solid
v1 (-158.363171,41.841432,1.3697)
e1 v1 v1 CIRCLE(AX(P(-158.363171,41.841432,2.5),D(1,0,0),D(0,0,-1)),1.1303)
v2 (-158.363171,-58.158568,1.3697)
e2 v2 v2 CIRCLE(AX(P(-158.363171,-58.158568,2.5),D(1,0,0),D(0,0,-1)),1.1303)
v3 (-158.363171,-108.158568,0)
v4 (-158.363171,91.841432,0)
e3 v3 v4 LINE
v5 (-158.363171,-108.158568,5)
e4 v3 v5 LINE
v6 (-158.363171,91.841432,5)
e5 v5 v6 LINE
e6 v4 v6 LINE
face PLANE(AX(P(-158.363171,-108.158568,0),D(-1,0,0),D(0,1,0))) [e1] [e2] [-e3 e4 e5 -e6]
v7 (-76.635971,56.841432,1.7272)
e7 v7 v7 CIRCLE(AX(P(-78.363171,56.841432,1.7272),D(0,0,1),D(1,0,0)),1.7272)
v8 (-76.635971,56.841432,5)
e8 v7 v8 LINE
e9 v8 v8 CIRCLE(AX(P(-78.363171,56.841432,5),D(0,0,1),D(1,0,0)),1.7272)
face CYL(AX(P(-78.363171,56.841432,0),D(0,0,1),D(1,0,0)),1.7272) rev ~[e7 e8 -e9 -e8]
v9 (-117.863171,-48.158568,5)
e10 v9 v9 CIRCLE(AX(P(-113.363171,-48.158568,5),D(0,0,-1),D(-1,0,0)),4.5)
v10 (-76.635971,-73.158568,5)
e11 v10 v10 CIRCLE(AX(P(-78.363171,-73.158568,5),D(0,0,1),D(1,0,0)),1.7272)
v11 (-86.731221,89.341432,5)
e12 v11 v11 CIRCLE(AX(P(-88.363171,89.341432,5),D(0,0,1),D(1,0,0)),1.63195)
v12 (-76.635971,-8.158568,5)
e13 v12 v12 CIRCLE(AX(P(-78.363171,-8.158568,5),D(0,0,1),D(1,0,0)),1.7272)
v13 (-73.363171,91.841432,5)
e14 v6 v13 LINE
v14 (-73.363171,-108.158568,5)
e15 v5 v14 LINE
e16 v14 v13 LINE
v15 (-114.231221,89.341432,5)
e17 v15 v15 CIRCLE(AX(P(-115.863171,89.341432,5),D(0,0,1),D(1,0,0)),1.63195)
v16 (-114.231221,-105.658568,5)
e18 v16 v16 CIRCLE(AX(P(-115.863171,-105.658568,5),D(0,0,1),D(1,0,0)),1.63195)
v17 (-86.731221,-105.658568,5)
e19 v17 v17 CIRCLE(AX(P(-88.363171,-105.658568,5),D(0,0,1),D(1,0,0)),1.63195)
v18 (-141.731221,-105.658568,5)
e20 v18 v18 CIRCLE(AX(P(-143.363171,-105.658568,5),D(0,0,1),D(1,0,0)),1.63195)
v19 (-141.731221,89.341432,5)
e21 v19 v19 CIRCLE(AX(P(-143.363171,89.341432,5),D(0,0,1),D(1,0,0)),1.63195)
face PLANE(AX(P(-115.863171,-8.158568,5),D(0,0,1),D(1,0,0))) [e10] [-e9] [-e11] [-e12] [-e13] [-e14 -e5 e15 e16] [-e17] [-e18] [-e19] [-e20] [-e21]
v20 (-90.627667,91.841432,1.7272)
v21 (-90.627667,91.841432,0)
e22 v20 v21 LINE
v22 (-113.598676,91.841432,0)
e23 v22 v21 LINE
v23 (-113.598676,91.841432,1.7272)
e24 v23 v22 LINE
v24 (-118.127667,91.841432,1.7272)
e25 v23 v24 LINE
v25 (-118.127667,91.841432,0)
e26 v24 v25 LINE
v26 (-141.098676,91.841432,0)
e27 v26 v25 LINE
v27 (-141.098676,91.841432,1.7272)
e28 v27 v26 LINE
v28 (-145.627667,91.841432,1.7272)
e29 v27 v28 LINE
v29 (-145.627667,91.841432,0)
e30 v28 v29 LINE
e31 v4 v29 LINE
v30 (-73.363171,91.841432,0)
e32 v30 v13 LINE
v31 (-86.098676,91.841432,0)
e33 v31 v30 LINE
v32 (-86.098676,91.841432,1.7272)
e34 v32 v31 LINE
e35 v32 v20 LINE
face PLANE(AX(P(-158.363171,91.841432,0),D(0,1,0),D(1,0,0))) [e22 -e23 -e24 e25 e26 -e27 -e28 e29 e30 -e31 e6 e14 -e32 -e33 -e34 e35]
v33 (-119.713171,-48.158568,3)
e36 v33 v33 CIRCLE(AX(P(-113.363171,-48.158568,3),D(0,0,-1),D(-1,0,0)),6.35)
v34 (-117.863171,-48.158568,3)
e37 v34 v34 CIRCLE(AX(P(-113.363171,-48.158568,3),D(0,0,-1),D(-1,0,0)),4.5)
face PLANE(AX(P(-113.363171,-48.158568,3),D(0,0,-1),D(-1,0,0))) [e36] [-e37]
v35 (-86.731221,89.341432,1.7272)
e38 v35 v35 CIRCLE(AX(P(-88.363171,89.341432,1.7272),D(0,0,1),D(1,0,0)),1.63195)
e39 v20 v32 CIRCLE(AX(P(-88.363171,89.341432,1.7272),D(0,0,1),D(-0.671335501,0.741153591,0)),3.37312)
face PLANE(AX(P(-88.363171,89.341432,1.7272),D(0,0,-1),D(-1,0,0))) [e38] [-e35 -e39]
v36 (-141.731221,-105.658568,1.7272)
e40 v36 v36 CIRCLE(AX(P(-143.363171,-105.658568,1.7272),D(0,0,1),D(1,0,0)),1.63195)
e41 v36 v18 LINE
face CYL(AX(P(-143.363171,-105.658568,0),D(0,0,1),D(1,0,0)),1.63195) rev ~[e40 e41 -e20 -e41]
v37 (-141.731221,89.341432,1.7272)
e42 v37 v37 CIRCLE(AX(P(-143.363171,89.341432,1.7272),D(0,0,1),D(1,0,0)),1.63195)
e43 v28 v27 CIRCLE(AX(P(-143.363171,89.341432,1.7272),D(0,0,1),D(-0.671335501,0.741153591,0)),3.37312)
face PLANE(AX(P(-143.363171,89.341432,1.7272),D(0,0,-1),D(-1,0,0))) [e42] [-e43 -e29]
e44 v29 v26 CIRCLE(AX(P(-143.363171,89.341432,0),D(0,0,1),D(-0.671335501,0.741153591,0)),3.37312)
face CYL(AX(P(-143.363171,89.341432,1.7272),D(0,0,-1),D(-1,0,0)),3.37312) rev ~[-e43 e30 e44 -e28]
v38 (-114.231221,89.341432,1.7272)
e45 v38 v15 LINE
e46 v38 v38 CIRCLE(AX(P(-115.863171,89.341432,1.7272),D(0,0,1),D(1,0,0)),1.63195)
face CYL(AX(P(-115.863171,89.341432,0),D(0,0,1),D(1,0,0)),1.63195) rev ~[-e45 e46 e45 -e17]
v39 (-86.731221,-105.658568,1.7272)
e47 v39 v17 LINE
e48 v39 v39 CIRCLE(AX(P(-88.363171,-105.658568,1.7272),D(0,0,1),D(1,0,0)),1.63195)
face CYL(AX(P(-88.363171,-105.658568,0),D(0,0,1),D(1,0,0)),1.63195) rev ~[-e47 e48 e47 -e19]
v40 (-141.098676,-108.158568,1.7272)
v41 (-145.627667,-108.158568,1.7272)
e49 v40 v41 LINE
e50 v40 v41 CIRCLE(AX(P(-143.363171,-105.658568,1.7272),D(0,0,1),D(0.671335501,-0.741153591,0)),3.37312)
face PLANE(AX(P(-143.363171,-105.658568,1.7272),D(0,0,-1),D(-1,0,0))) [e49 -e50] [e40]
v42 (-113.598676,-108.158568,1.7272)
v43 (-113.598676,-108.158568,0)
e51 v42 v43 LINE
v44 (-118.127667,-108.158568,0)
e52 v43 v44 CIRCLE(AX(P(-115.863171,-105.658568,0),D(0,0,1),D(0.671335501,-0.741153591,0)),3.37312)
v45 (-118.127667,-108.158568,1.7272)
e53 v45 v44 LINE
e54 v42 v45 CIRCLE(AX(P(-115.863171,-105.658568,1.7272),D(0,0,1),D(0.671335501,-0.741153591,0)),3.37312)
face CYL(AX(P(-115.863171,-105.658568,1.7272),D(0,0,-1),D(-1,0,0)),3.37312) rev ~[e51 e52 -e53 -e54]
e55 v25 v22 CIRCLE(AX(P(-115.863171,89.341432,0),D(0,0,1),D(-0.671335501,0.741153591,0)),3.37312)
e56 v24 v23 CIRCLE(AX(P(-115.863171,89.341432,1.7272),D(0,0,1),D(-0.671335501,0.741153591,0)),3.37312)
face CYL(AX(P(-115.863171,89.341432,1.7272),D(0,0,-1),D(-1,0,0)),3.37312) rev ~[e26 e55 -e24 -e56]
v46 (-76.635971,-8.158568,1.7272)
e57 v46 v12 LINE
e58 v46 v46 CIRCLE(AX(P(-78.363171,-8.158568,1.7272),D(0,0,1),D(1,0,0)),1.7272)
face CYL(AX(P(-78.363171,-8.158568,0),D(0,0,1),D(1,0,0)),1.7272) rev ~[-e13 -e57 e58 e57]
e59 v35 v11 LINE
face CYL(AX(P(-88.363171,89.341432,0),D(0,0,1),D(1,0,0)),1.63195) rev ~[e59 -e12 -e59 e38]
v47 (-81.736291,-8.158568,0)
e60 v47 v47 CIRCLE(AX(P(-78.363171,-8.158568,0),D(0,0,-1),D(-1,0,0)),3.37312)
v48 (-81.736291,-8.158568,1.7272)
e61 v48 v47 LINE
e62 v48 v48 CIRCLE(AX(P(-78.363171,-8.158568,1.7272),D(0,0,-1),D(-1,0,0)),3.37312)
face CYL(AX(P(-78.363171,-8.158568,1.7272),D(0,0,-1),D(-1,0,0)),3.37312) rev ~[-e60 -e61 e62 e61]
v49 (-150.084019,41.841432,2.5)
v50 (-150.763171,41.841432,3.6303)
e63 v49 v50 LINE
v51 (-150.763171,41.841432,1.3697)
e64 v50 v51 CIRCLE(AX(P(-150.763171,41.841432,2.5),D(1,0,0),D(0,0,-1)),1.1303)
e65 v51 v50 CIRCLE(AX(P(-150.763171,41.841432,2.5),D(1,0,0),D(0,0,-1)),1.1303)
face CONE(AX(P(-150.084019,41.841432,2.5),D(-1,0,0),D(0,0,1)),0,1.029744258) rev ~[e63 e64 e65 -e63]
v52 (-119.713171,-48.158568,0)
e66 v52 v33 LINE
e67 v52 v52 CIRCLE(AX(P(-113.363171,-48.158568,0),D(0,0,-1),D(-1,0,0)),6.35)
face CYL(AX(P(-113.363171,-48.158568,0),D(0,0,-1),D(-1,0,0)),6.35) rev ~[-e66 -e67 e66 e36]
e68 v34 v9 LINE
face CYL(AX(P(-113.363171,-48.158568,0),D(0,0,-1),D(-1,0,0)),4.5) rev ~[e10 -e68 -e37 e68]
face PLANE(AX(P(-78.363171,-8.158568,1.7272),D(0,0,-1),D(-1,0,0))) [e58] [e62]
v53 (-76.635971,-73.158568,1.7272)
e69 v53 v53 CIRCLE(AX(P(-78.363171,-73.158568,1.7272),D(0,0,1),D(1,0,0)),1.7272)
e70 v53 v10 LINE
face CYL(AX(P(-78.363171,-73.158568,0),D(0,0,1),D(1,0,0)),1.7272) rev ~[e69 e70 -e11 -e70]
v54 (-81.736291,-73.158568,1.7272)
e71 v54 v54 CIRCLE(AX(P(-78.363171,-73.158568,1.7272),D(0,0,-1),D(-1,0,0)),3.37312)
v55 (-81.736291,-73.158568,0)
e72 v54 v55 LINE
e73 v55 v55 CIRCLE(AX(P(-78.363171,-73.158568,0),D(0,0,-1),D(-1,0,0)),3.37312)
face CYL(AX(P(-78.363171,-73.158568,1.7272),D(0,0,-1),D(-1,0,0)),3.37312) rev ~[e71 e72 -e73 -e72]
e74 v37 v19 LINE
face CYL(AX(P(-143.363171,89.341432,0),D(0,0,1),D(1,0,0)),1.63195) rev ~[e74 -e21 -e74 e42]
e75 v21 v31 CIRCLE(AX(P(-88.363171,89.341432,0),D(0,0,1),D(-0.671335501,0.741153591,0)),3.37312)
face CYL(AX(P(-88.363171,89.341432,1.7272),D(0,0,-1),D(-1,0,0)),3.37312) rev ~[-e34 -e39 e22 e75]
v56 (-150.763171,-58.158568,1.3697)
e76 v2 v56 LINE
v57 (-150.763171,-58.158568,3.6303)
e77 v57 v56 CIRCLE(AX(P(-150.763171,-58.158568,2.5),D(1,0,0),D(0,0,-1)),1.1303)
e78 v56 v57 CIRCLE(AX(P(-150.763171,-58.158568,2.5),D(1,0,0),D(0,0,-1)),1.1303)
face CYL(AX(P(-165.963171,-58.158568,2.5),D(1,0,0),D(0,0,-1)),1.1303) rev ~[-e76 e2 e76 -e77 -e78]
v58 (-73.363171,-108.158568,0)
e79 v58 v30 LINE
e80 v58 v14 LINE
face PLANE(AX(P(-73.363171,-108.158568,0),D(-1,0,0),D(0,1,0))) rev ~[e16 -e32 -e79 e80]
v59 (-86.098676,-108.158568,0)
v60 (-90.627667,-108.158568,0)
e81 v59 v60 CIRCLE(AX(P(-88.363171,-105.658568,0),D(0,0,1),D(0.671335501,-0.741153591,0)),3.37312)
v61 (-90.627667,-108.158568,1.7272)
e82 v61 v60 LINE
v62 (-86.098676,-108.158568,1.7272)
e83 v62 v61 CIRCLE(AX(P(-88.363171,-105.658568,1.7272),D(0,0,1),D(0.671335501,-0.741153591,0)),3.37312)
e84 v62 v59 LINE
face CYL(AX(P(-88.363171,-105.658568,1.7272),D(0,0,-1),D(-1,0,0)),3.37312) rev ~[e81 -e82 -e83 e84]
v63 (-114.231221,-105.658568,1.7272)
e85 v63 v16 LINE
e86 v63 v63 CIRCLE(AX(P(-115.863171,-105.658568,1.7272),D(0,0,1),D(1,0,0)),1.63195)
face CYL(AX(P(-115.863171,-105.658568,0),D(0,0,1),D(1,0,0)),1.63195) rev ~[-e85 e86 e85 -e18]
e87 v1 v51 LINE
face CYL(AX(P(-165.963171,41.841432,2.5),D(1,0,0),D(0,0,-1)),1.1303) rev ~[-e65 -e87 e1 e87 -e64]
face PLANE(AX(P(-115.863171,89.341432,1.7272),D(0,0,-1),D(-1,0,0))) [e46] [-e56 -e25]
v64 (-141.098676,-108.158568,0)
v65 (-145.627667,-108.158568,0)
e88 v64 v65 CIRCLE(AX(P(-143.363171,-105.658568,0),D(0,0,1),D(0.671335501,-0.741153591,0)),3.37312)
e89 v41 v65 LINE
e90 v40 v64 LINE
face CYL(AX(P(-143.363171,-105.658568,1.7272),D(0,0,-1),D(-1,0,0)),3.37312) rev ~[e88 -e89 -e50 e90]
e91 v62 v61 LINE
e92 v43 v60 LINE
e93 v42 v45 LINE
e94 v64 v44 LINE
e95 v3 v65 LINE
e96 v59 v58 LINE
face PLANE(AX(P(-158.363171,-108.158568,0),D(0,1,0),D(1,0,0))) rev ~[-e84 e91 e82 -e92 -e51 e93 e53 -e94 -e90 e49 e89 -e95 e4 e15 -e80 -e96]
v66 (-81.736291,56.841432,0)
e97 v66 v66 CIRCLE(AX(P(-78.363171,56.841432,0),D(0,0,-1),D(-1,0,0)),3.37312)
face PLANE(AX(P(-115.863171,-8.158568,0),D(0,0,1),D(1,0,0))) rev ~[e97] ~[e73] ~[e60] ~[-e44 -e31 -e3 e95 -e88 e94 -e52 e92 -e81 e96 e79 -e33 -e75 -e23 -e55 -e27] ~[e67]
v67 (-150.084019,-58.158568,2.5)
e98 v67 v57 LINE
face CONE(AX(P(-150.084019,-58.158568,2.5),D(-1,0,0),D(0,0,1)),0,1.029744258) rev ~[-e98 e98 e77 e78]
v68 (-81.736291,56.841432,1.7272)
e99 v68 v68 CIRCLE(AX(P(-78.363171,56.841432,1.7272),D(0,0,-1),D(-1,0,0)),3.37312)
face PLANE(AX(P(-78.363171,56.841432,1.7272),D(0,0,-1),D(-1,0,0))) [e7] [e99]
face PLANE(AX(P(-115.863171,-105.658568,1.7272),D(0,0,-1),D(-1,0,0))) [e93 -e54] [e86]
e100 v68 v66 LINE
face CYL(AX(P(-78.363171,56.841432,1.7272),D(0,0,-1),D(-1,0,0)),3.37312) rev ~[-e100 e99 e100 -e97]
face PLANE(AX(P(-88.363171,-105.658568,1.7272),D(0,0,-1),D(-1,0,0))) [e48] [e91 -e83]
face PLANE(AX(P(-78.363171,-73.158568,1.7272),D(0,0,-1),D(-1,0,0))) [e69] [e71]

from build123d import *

# Parameters (mm, degrees)
SKETCH1_W                                           = 85
SKETCH1_H                                           = 200
BOSS_EXTRUDE1_DEPTH                                 = 5
CBORE_FOR_4_BINDING_HEAD_MACHINE_SCREW1_D           = 3.4544
CBORE_FOR_4_BINDING_HEAD_MACHINE_SCREW1_CBORE_D     = 6.74624
CBORE_FOR_4_BINDING_HEAD_MACHINE_SCREW1_CBORE_DEPTH = 1.7272
CBORE_FOR_4_BINDING_HEAD_MACHINE_SCREW2_D           = 3.2639
CBORE_FOR_4_BINDING_HEAD_MACHINE_SCREW2_DEPTH       = 5
CBORE_FOR_4_BINDING_HEAD_MACHINE_SCREW2_CBORE_D     = 6.74624
CBORE_FOR_4_BINDING_HEAD_MACHINE_SCREW2_CBORE_DEPTH = 1.7272
F_4_40_TAPPED_HOLE2_D                               = 2.2606
F_4_40_TAPPED_HOLE2_DEPTH                           = 7.6
F_4_40_TAPPED_HOLE2_TIP                             = 0.679152758
SKETCH10_R                                          = 4.5
CUT_EXTRUDE2_DEPTH                                  = 6
SKETCH10_6_R                                        = 6.35
CUT_EXTRUDE3_DEPTH                                  = 3


with BuildPart() as part:
    # Sketch1 → Boss-Extrude1 (new body)
    with BuildSketch(Plane.XY):
        with Locations((-115.863171355, -8.158567775)):
            Rectangle(SKETCH1_W, SKETCH1_H)
    extrude(amount=BOSS_EXTRUDE1_DEPTH)

    # CBORE for #4 Binding Head Machine Screw1 (through all)
    with Locations(Plane(origin=(0, 0, 0), x_dir=(-1, 0, 0), z_dir=(0, 0, -1))):
        with Locations((78.363171355, 56.841432225), (78.363171355, -8.158567775), (78.363171355, -73.158567775)):
            CounterBoreHole(CBORE_FOR_4_BINDING_HEAD_MACHINE_SCREW1_D / 2, CBORE_FOR_4_BINDING_HEAD_MACHINE_SCREW1_CBORE_D / 2, CBORE_FOR_4_BINDING_HEAD_MACHINE_SCREW1_CBORE_DEPTH)

    # CBORE for #4 Binding Head Machine Screw2
    with Locations(Plane(origin=(0, 0, 0), x_dir=(-1, 0, 0), z_dir=(0, 0, -1))):
        with Locations((88.363171355, 89.341432225), (115.863171355, 89.341432225), (143.363171355, 89.341432225), (143.363171355, -105.658567775), (115.863171355, -105.658567775), (88.363171355, -105.658567775)):
            CounterBoreHole(CBORE_FOR_4_BINDING_HEAD_MACHINE_SCREW2_D / 2, CBORE_FOR_4_BINDING_HEAD_MACHINE_SCREW2_CBORE_D / 2, CBORE_FOR_4_BINDING_HEAD_MACHINE_SCREW2_CBORE_DEPTH, depth=CBORE_FOR_4_BINDING_HEAD_MACHINE_SCREW2_DEPTH)

    # #4-40 Tapped Hole2
    with Locations(Plane.ZY.offset(158.363171355)):
        with Locations((2.5, -58.158567775), (2.5, 41.841432225)):
            Hole(F_4_40_TAPPED_HOLE2_D / 2, depth=F_4_40_TAPPED_HOLE2_DEPTH)
            with Locations((0, 0, -(F_4_40_TAPPED_HOLE2_DEPTH + F_4_40_TAPPED_HOLE2_TIP / 2))):  # 118° drill point
                Cone(0, F_4_40_TAPPED_HOLE2_D / 2, F_4_40_TAPPED_HOLE2_TIP, mode=Mode.SUBTRACT)

    # Sketch10 → Cut-Extrude2 (cut, through all)
    with BuildSketch(Plane(origin=(0, 0, 0), x_dir=(-1, 0, 0), z_dir=(0, 0, -1))):
        with Locations((113.363171355, -48.158567775)):
            Circle(SKETCH10_R)
    extrude(amount=-CUT_EXTRUDE2_DEPTH, mode=Mode.SUBTRACT)

    # Sketch10<6> → Cut-Extrude3 (cut)
    with BuildSketch(Plane(origin=(0, 0, 0), x_dir=(-1, 0, 0), z_dir=(0, 0, -1))):
        with Locations((113.363171355, -48.158567775)):
            Circle(SKETCH10_6_R)
    extrude(amount=-CUT_EXTRUDE3_DEPTH, mode=Mode.SUBTRACT)


solid = part.part
